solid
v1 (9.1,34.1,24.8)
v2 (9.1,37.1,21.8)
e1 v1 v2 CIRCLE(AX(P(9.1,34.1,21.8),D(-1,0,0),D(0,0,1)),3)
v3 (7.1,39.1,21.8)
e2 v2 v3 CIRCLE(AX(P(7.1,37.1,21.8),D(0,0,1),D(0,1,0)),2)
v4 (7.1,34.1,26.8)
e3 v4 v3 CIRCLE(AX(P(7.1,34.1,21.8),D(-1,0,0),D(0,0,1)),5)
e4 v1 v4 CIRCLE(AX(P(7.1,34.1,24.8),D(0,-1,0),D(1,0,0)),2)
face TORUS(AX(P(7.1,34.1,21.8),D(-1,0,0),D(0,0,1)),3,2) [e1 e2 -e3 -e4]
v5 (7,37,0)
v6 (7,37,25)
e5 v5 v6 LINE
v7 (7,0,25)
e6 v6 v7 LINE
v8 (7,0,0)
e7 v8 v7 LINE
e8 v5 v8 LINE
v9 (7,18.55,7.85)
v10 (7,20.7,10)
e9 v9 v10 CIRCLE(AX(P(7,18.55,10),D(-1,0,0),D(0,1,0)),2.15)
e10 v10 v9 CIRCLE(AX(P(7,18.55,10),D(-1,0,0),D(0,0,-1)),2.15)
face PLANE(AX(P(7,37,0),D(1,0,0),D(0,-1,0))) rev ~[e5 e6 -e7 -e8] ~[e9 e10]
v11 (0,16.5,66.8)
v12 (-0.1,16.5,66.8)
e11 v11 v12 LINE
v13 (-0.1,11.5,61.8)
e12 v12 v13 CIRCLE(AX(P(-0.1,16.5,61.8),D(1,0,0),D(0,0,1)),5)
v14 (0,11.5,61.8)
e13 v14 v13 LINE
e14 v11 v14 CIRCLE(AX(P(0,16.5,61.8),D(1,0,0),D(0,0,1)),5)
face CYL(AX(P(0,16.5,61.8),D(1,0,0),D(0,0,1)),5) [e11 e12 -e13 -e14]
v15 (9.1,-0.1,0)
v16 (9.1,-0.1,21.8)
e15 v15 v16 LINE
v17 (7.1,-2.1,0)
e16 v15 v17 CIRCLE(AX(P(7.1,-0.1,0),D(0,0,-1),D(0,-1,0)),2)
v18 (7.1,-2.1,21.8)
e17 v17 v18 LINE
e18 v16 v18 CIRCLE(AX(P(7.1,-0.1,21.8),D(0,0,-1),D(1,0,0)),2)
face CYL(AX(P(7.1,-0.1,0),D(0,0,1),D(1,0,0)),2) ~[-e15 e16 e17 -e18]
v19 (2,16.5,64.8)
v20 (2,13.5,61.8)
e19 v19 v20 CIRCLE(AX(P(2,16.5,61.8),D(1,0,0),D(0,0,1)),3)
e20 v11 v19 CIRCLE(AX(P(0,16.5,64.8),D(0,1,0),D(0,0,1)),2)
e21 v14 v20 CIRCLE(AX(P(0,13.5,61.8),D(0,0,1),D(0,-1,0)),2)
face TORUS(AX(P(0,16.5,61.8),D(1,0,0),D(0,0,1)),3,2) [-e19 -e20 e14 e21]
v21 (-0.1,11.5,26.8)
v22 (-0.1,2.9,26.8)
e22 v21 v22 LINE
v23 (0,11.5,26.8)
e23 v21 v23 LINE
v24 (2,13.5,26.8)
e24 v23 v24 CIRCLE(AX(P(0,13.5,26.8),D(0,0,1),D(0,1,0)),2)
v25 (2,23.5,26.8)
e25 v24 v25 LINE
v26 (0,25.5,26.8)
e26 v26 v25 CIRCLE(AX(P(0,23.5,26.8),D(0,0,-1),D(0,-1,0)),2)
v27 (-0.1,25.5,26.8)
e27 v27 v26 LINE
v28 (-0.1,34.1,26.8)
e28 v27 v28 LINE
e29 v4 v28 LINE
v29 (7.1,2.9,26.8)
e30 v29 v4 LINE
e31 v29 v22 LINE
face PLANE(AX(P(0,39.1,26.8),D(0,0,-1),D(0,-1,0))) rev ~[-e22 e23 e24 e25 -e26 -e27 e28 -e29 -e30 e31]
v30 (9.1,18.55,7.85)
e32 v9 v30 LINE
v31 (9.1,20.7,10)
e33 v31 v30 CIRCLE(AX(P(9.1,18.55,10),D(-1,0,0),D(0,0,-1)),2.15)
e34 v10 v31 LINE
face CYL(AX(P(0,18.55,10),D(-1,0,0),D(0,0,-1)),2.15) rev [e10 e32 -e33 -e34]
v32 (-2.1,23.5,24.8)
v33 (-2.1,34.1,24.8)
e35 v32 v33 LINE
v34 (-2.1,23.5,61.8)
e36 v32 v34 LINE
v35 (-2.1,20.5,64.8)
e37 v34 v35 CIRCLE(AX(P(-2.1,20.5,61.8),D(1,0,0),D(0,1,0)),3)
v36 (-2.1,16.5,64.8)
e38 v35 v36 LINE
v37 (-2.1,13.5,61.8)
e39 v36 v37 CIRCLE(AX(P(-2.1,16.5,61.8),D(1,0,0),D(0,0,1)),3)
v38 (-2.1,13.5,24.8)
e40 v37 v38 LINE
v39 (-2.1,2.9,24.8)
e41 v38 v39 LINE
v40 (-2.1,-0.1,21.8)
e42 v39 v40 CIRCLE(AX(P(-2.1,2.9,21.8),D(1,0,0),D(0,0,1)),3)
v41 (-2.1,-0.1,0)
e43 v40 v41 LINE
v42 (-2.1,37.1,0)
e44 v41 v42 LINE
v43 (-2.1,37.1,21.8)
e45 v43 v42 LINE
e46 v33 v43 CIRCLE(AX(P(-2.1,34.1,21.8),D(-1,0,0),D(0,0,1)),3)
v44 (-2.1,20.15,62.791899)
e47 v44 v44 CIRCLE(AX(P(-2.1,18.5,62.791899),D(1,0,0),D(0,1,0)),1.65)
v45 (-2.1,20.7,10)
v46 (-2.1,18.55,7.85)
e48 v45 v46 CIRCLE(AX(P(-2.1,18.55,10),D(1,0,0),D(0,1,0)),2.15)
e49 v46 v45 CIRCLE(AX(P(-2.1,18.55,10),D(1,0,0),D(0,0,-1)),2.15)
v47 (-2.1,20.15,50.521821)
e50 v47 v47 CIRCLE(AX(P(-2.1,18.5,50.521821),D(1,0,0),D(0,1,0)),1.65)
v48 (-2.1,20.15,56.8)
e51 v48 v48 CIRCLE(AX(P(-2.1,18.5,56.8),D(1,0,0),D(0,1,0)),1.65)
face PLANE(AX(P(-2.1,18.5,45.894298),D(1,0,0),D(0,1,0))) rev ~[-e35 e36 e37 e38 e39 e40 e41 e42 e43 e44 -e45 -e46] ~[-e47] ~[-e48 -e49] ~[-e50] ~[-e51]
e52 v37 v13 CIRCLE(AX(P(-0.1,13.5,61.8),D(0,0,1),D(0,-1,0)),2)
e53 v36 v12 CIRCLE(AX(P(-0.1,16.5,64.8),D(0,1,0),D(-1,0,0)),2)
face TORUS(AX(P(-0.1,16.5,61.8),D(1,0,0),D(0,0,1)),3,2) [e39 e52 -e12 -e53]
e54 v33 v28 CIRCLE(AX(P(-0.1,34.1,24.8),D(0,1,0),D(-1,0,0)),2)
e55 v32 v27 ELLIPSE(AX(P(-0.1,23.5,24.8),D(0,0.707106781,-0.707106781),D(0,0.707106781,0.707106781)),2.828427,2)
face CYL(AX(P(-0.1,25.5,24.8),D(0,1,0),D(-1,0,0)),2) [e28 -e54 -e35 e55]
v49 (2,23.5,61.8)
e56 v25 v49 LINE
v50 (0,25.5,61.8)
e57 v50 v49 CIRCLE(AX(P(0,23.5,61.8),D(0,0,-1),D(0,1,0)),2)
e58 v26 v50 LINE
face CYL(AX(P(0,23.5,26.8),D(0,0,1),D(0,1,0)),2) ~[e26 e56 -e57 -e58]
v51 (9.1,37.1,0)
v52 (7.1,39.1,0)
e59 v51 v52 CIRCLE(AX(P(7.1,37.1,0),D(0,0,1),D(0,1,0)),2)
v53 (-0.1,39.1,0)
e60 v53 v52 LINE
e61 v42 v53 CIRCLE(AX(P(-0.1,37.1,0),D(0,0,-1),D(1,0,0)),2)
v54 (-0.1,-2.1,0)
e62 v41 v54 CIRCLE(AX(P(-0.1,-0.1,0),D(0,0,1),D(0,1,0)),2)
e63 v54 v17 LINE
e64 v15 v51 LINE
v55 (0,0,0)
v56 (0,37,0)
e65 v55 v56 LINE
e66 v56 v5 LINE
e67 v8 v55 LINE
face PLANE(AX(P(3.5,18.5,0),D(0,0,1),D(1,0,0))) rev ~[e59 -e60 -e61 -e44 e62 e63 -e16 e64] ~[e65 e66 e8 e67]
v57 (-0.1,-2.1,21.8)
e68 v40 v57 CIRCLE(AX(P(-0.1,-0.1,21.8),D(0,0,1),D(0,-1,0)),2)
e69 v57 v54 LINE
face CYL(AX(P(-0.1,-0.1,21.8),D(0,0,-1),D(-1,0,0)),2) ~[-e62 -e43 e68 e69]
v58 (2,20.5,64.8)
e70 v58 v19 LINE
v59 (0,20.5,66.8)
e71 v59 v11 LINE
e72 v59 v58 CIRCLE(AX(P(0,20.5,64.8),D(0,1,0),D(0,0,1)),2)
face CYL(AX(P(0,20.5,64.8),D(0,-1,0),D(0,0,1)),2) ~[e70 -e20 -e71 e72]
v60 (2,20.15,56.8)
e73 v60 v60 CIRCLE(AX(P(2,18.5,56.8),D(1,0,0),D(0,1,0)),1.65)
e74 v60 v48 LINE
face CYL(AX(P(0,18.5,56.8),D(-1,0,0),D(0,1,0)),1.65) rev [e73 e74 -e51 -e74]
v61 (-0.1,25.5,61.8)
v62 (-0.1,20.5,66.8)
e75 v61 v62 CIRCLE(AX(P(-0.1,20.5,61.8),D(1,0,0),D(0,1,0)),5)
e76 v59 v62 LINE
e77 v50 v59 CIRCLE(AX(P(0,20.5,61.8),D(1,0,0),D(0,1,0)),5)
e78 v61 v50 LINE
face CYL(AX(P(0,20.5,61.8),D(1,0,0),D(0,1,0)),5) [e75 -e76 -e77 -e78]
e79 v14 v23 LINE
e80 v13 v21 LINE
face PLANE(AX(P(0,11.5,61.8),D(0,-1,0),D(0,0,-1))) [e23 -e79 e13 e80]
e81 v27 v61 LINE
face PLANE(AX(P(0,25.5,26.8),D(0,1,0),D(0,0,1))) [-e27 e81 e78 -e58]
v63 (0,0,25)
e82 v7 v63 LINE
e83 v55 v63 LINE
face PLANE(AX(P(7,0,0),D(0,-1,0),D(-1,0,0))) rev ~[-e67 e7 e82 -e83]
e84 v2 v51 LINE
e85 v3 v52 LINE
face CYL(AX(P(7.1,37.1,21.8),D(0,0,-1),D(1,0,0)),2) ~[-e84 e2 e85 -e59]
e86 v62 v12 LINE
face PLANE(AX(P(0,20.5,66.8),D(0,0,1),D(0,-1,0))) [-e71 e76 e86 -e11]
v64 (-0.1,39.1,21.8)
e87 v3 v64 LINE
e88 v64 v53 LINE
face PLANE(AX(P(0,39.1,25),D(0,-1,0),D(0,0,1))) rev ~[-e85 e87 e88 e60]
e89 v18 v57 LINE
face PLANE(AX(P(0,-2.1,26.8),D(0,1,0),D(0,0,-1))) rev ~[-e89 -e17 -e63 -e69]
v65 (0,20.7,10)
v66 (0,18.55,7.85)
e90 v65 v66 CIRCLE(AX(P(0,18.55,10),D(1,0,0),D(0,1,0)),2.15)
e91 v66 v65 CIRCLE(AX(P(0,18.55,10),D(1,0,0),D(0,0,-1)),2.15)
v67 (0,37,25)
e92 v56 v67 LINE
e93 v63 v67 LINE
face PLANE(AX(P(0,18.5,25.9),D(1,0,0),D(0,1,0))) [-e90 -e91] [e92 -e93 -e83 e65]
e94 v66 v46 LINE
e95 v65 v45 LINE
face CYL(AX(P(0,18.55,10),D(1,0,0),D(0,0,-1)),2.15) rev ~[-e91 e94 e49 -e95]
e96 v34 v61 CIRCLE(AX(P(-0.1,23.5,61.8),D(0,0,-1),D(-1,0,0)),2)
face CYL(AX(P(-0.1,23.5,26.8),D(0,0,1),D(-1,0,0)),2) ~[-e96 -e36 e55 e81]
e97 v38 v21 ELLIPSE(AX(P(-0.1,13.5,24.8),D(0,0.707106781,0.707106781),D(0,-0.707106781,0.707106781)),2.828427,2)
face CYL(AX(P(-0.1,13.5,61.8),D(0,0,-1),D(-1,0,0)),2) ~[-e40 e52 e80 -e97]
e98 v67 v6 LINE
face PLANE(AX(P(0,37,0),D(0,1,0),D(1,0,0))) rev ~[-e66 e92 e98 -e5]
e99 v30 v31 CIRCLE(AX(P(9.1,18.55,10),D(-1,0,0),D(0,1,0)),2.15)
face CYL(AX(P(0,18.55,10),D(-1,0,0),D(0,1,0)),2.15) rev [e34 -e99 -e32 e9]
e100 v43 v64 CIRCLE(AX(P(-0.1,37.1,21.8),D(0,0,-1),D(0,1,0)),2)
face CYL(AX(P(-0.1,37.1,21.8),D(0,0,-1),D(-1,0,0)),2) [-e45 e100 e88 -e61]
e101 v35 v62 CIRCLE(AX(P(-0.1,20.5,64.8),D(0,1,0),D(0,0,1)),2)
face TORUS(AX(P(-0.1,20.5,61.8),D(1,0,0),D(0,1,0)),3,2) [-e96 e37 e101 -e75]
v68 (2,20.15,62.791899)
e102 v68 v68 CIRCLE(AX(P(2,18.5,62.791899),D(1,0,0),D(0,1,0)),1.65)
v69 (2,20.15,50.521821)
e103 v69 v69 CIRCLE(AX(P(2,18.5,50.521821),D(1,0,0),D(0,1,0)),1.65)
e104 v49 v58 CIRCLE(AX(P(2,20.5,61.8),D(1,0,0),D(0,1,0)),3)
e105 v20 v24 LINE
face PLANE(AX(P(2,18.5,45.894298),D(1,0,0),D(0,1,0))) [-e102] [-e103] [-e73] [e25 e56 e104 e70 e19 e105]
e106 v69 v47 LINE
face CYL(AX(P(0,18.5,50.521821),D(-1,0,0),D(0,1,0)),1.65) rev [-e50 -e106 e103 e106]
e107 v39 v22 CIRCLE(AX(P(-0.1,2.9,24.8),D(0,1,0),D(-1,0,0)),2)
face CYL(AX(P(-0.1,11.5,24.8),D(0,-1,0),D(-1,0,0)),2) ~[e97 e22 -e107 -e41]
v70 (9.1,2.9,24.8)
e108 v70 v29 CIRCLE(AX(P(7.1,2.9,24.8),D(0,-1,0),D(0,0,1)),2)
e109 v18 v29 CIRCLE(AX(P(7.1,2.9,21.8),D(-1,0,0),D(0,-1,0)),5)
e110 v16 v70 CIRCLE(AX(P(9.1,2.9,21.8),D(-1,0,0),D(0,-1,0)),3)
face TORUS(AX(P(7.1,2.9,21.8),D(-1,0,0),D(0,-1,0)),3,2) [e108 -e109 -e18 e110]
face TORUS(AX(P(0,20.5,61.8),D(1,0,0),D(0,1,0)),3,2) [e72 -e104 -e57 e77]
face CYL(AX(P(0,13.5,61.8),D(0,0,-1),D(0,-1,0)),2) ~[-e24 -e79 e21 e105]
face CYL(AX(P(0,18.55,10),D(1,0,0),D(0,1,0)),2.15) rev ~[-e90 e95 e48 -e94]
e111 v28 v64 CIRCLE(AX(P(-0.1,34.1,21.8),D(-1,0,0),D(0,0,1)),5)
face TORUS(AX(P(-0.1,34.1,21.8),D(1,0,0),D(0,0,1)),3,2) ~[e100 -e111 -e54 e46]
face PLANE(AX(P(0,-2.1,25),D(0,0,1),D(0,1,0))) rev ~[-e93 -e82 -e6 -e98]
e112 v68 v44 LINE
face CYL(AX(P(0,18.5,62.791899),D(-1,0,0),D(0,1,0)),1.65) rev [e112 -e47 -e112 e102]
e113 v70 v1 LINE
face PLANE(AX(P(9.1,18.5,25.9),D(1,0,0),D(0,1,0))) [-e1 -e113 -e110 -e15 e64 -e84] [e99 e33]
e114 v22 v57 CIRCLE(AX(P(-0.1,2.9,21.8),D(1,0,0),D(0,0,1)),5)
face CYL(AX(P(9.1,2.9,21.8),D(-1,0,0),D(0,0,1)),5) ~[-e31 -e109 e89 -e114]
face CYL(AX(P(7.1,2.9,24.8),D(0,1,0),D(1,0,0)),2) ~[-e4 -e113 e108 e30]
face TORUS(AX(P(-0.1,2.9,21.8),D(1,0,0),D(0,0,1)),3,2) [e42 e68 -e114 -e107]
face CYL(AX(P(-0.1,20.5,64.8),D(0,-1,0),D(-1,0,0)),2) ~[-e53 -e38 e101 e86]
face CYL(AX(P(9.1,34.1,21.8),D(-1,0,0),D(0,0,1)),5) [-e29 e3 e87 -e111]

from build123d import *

# Parameters (mm, degrees)
F0_W          = 11.2
F0_H          = 41.2
F1_DEPTH      = 25
F3_DEPTH      = 2.1
F3_DEPTH_BACK = 9.1
F2_R          = 1.65
F4_DEPTH      = 2
F4_DEPTH_BACK = 2.1
F5_R          = 5
F6_R          = 2
F8_DEPTH      = 2.101
F8_DEPTH_BACK = 9.101


with BuildPart() as f1:
    # F0 (on Top) → F1 (new body)
    with BuildSketch(Plane.XY):
        with Locations((3.5, 18.5)):
            Rectangle(F0_W, F0_H)
        Polygon((7, 0), (0, 0), (0, 18.5), (0, 37), (7, 37), (7, 18.5), align=None, mode=Mode.SUBTRACT)
    extrude(amount=F1_DEPTH)

    # F2 (on Right) → F3 (join, two sides)
    with BuildSketch(Plane.YZ) as f3_sk:
        Polygon((-2.1, 26.8), (-2.1, 25), (39.1, 25), (39.1, 26.8), (25.5, 26.8), (18.5, 26.8), (11.5, 26.8), align=None)
    extrude(amount=-F3_DEPTH)
    extrude(f3_sk.sketch, amount=F3_DEPTH_BACK)

    # F2 (on Right) → F4 (join, two sides)
    with BuildSketch(Plane.YZ) as f4_sk:
        with BuildLine():
            Line((11.5, 61.8), (11.5, 26.8))
            Line((11.5, 26.8), (18.5, 26.8))
            Line((18.5, 26.8), (25.5, 26.8))
            Line((25.5, 26.8), (25.5, 61.8))
            ThreePointArc((25.5, 61.8), (24.0355339059, 65.3355339059), (20.5, 66.8))
            Line((20.5, 66.8), (16.5, 66.8))
            ThreePointArc((16.5, 66.8), (12.9644660941, 65.3355339059), (11.5, 61.8))
        make_face()
        with Locations((18.5, 50.5218207836)):
            Circle(F2_R, mode=Mode.SUBTRACT)
        with Locations((18.5, 56.8)):
            Circle(F2_R, mode=Mode.SUBTRACT)
        with Locations((18.5, 62.7918988466)):
            Circle(F2_R, mode=Mode.SUBTRACT)
    extrude(amount=F4_DEPTH)
    extrude(f4_sk.sketch, amount=-F4_DEPTH_BACK)

    # F5
    f5_edges = [f1.edges().sort_by_distance(p)[0] for p in [
        (3.5, -2.1, 26.8),
        (3.5, 39.1, 26.8),
    ]]
    fillet(f5_edges, radius=F5_R)

    # F6
    f6_edges = [f1.edges().sort_by_distance(p)[0] for p in [
        (-2.1, -2.1, 10.9),
        (-2.1, 39.1, 10.9),
        (9.1, -2.1, 10.9),
        (-2.1, 11.5, 44.3),
        (2, 11.5, 44.3),
    ]]
    fillet(f6_edges, radius=F6_R)

    # F7 (on Right) → F8 (cut, two sides)
    with BuildSketch(Plane.YZ) as f8_sk:
        with BuildLine():
            ThreePointArc((18.55, 7.85), (20.0702795796, 8.4797204204), (20.7, 10))
            ThreePointArc((20.7, 10), (17.0297204204, 11.5202795796), (18.55, 7.85))
        make_face()
    extrude(amount=-F8_DEPTH, mode=Mode.SUBTRACT)
    extrude(f8_sk.sketch, amount=F8_DEPTH_BACK, mode=Mode.SUBTRACT)


solid = f1.part
